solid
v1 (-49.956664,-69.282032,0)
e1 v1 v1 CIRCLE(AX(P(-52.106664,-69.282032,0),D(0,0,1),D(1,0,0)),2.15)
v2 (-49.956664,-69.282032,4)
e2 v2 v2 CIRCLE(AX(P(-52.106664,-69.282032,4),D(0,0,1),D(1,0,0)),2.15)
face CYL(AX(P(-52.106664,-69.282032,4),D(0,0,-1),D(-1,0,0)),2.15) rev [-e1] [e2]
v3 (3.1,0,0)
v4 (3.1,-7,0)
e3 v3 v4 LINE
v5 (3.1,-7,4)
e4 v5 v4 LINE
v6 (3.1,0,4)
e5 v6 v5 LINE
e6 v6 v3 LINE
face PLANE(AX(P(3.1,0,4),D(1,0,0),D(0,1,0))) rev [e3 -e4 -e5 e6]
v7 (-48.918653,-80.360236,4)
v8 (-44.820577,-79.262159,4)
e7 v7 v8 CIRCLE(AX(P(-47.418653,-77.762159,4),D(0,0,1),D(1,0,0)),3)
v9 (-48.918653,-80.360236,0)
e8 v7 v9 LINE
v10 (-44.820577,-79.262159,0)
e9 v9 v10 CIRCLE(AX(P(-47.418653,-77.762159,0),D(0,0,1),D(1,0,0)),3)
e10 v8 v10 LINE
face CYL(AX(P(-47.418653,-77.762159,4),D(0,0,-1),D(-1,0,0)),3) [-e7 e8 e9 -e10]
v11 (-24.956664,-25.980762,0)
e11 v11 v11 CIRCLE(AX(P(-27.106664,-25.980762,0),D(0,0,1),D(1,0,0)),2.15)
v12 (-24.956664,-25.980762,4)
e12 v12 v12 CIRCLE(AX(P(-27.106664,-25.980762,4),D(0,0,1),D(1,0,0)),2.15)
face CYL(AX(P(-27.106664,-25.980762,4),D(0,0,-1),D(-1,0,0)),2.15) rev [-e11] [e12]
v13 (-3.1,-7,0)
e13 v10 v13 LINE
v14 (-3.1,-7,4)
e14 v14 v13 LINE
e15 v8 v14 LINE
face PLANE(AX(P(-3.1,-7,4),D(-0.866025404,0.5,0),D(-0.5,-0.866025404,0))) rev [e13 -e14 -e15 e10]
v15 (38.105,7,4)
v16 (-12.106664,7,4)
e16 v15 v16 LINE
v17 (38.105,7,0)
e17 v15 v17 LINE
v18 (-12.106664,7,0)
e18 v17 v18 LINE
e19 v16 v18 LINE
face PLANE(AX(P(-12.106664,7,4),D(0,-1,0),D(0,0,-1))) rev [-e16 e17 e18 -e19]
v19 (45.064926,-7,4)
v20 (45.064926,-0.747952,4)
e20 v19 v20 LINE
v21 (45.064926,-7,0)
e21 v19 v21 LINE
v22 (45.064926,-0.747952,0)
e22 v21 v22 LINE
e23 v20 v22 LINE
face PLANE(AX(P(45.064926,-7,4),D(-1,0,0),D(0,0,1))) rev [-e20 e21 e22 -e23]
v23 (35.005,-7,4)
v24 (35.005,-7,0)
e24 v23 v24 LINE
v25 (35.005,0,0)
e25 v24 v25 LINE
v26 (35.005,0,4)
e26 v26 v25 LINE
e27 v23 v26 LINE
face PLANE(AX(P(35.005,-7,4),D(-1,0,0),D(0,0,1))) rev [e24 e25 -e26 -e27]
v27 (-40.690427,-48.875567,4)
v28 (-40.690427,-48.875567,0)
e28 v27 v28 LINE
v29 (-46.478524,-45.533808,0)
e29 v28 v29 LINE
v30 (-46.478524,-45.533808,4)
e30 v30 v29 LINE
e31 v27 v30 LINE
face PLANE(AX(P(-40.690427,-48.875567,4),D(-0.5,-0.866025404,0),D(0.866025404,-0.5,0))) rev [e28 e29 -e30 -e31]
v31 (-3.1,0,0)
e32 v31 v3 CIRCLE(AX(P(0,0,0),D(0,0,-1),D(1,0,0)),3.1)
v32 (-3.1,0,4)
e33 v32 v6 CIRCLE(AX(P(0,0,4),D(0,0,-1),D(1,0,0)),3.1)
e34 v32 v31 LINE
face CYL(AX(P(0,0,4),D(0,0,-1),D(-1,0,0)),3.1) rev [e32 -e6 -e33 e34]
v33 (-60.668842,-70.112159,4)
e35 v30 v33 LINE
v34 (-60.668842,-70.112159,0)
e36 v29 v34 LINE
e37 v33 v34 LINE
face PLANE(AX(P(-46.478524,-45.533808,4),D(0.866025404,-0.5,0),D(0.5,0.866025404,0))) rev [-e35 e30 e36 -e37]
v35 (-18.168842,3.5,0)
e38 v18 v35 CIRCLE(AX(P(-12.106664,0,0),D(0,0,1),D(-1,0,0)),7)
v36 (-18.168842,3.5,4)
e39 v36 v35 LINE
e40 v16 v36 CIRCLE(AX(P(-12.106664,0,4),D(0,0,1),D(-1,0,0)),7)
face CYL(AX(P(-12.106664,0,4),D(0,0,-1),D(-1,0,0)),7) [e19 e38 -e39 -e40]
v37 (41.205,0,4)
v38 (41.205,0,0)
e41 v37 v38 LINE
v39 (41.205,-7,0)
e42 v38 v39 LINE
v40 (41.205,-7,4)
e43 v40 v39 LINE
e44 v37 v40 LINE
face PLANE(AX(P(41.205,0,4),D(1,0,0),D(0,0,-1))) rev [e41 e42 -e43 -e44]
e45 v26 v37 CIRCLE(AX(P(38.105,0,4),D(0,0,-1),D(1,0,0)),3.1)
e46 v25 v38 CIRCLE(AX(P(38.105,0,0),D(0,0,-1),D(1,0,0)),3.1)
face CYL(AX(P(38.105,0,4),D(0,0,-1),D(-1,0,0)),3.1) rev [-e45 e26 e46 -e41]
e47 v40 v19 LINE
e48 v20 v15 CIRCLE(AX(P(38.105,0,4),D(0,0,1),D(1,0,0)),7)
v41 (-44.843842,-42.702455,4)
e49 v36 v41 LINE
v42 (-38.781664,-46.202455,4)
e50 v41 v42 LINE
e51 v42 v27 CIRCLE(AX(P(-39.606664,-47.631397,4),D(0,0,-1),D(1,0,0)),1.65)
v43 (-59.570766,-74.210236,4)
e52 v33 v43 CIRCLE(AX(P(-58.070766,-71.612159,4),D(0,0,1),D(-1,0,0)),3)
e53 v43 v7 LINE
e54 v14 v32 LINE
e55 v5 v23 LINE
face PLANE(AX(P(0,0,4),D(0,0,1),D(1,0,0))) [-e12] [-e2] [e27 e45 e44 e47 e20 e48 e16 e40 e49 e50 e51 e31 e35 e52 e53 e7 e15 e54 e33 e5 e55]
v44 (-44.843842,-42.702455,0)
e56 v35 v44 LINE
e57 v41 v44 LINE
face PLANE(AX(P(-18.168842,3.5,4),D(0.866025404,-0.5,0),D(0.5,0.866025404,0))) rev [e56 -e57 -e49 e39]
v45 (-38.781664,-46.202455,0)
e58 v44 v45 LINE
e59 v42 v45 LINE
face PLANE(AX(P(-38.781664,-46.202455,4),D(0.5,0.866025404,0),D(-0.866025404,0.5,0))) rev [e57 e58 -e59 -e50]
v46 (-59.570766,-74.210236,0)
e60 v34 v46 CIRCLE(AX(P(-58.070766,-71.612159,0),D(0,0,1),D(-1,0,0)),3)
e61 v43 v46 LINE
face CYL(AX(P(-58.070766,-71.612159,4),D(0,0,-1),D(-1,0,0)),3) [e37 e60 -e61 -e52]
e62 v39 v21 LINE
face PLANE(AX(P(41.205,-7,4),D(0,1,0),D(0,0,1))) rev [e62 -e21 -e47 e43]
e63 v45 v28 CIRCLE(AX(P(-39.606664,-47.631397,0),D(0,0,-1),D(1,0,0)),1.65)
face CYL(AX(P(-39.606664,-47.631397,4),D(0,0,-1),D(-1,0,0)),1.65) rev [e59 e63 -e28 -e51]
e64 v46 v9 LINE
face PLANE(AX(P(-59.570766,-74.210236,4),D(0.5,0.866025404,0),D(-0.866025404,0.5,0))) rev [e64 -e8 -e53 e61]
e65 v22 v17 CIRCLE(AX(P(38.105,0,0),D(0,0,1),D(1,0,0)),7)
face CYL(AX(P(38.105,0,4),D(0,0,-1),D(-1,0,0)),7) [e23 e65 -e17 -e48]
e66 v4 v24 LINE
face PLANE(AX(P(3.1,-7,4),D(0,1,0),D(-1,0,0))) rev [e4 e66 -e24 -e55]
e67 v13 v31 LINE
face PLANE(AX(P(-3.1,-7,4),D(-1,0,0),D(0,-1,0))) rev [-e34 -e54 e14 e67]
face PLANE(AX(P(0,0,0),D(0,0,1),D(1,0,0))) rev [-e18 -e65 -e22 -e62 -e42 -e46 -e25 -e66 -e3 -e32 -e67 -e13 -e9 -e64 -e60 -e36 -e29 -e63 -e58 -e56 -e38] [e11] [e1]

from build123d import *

# Parameters (mm, degrees)
SKETCH1_R           = 2.15
BOSS_EXTRUDE1_DEPTH = 4


with BuildPart() as part:
    # Sketch1 → Boss-Extrude1 (new body)
    with BuildSketch(Plane.XY):
        with BuildLine():
            Line((-3.1, -7), (-3.1, 0))
            ThreePointArc((-3.1, 0), (0, 3.1), (3.1, 0))
            Line((3.1, 0), (3.1, -7))
            Line((3.1, -7), (35.005, -7))
            Line((35.005, -7), (35.005, 0))
            ThreePointArc((35.005, 0), (38.105, 3.1), (41.205, 0))
            Line((41.205, 0), (41.205, -7))
            Line((41.205, -7), (45.064925835, -7))
            Line((45.064925835, -7), (45.064925835, -0.747952118))
            ThreePointArc((45.064925835, -0.747952118), (43.312478508, 4.677837918), (38.105, 7))
            Line((38.105, 7), (-12.106664199, 7))
            ThreePointArc((-12.106664199, 7), (-15.606664199, 6.062177826), (-18.168842026, 3.5))
            Line((-18.168842026, 3.5), (-44.843842026, -42.702455292))
            Line((-44.843842026, -42.702455292), (-38.781664199, -46.202455292))
            ThreePointArc((-38.781664199, -46.202455292), (-38.263860854, -48.590239831), (-40.690427119, -48.875566784))
            Line((-40.690427119, -48.875566784), (-46.478523985, -45.5338075))
            Line((-46.478523985, -45.5338075), (-60.668842026, -70.112159322))
            ThreePointArc((-60.668842026, -70.112159322), (-60.968543293, -72.388616457), (-59.570765814, -74.210235533))
            Line((-59.570765814, -74.210235533), (-48.918653348, -80.360235533))
            ThreePointArc((-48.918653348, -80.360235533), (-46.642196213, -80.659936801), (-44.820577137, -79.262159322))
            Line((-44.820577137, -79.262159322), (-3.1, -7))
        make_face()
        with Locations((-52.106664199, -69.282032303)):
            Circle(SKETCH1_R, mode=Mode.SUBTRACT)
        with Locations((-27.106664199, -25.980762114)):
            Circle(SKETCH1_R, mode=Mode.SUBTRACT)
    extrude(amount=BOSS_EXTRUDE1_DEPTH)


solid = part.part
